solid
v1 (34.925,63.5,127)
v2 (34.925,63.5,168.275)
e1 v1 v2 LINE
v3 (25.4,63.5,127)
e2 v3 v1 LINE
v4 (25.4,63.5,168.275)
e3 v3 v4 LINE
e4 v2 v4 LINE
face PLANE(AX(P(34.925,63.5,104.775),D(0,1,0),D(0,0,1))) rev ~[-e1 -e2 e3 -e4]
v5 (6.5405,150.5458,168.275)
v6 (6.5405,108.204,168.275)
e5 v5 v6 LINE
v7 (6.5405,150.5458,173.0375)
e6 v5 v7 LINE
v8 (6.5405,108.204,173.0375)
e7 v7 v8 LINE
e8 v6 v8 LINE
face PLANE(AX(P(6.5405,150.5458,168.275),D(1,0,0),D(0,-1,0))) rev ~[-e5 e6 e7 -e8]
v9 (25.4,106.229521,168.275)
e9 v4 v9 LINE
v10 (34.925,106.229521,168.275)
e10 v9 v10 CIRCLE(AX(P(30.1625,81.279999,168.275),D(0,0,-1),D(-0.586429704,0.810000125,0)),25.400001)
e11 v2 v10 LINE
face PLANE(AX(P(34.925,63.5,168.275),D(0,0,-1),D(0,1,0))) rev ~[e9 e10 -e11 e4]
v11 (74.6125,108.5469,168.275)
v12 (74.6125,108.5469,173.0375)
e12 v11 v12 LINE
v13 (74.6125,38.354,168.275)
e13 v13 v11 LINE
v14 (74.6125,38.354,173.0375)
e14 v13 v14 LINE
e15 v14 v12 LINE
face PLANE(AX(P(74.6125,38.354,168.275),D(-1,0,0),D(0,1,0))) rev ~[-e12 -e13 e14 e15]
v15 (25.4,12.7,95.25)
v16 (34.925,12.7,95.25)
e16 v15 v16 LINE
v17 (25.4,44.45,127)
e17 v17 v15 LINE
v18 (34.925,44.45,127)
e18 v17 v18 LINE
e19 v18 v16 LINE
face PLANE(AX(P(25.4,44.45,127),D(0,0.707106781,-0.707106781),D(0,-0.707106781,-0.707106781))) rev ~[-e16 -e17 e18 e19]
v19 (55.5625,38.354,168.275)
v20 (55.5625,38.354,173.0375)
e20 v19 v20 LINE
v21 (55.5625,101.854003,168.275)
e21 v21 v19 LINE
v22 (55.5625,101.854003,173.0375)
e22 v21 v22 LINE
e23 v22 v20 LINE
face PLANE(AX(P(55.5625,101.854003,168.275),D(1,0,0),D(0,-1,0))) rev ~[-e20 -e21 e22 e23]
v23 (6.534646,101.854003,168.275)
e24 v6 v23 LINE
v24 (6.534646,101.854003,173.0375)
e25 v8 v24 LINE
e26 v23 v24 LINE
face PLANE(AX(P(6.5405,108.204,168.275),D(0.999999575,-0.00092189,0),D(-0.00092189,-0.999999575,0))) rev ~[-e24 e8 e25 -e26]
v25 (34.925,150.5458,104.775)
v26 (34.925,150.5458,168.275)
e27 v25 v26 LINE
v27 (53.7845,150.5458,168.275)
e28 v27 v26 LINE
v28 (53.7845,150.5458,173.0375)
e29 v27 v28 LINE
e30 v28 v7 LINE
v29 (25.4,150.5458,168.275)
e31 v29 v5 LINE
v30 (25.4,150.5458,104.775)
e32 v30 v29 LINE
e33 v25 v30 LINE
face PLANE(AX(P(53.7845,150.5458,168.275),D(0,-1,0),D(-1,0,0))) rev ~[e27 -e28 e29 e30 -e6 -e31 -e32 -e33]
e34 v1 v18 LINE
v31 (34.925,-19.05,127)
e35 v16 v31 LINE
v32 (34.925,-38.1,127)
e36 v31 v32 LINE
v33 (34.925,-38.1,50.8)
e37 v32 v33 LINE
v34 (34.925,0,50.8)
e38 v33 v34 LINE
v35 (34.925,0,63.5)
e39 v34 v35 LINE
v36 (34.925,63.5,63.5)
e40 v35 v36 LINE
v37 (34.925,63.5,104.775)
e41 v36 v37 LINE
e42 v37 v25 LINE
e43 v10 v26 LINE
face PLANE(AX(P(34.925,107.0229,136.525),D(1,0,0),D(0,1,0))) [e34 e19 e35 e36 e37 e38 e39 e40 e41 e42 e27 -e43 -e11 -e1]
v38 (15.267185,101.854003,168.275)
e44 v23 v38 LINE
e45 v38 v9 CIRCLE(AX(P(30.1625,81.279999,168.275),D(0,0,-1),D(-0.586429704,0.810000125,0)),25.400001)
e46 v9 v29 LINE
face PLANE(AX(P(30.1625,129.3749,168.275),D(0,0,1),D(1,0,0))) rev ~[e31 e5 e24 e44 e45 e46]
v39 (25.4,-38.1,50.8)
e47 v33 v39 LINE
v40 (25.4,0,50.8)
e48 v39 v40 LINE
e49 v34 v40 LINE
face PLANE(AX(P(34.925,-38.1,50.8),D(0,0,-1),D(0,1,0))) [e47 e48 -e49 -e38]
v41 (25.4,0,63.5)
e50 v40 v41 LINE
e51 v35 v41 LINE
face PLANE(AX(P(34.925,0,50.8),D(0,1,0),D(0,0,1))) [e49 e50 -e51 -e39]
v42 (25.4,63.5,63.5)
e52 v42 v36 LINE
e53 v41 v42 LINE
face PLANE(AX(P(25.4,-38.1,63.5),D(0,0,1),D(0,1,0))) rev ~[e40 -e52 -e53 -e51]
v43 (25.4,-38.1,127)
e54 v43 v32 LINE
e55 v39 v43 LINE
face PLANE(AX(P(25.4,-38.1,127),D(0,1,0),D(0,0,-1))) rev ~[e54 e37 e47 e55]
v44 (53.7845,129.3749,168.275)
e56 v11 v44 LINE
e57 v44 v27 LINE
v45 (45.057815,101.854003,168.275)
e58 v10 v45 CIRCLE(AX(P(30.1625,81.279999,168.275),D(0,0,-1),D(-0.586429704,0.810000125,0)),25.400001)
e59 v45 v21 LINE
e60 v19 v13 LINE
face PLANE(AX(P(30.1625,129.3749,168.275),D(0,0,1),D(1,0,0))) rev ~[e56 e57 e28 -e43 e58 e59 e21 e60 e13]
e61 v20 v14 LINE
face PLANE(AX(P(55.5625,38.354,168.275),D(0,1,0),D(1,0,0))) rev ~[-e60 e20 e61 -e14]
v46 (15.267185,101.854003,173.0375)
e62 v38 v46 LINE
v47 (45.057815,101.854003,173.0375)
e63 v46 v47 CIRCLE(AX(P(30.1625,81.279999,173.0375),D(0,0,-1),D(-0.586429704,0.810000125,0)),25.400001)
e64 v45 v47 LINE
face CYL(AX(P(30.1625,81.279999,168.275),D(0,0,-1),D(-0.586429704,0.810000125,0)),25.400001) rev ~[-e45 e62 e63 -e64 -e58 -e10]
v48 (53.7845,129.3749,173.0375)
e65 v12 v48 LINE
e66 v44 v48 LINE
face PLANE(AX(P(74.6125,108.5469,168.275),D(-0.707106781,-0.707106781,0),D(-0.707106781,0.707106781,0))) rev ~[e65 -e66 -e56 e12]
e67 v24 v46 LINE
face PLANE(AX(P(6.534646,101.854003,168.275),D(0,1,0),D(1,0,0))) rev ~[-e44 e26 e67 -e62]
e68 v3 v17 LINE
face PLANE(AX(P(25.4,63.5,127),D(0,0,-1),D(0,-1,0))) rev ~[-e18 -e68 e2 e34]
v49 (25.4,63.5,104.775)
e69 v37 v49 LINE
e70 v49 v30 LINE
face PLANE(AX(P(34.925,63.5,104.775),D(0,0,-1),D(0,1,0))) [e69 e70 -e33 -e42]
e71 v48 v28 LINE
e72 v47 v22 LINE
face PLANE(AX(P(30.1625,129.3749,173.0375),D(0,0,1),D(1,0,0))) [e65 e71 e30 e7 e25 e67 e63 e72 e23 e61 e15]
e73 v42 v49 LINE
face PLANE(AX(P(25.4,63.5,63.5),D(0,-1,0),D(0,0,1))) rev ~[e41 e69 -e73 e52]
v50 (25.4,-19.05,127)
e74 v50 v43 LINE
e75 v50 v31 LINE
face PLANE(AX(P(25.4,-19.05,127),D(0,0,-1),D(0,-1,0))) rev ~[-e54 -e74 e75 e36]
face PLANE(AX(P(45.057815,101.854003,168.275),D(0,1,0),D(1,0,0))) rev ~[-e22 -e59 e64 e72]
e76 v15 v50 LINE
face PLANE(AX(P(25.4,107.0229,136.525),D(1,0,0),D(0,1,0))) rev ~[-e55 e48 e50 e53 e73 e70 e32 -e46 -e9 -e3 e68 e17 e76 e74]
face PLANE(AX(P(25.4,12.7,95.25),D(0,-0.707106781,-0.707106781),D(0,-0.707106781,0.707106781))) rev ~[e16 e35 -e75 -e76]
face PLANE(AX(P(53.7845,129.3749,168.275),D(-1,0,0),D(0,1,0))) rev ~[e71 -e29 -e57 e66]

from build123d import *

# Parameters (mm, degrees)
F1_DEPTH = 9.525
F3_W     = 87.0458
F3_H     = 63.5
F3_W_2   = 38.1
F3_H_2   = 12.7
F4_DEPTH = 9.525
F6_DEPTH = 4.7625


with BuildPart() as f1:
    # F0 (on Right) → F1 (new body)
    with BuildSketch(Plane.YZ):
        Polygon((-127, 63.5), (-25.4, 63.5), (-25.4, 127), (-44.45, 127), (-76.2, 95.25), (-107.95, 127), (-127, 127), align=None)
    extrude(amount=F1_DEPTH)


with BuildPart() as f1_1:
    # F2: moved
    add(f1.part.moved(Location((25.4, 88.9, 0))))

    # F3 (on face) → F4 (join)
    with BuildSketch(Plane.YZ.offset(34.925)):
        with Locations((107.0229, 136.525)):
            Rectangle(F3_W, F3_H)
        with Locations((-19.05, 57.15)):
            Rectangle(F3_W_2, F3_H_2)
    extrude(amount=-F4_DEPTH)

    # F5 (on face) → F6 (join)
    with BuildSketch(Plane.XY.offset(168.275)):
        Polygon((6.5405, 150.5458), (6.5405, 108.204), (53.7845, 108.204), (53.7845, 129.3749), (53.7845, 150.5458), align=None)
        with BuildLine():
            Line((53.7845, 108.204), (6.5405, 108.204))
            Line((6.5405, 108.204), (6.534646, 101.854003))
            Line((6.534646, 101.854003), (15.267185, 101.854003))
            ThreePointArc((15.267185, 101.854003), (30.1625, 106.68), (45.057815, 101.854003))
            Line((45.057815, 101.854003), (55.5625, 101.854003))
            Line((55.5625, 101.854003), (55.5625, 38.354))
            Line((55.5625, 38.354), (74.6125, 38.354))
            Line((74.6125, 38.354), (74.6125, 108.5469))
            Line((74.6125, 108.5469), (53.7845, 129.3749))
            Line((53.7845, 129.3749), (53.7845, 108.204))
        make_face()
    extrude(amount=F6_DEPTH)


solid = f1_1.part
